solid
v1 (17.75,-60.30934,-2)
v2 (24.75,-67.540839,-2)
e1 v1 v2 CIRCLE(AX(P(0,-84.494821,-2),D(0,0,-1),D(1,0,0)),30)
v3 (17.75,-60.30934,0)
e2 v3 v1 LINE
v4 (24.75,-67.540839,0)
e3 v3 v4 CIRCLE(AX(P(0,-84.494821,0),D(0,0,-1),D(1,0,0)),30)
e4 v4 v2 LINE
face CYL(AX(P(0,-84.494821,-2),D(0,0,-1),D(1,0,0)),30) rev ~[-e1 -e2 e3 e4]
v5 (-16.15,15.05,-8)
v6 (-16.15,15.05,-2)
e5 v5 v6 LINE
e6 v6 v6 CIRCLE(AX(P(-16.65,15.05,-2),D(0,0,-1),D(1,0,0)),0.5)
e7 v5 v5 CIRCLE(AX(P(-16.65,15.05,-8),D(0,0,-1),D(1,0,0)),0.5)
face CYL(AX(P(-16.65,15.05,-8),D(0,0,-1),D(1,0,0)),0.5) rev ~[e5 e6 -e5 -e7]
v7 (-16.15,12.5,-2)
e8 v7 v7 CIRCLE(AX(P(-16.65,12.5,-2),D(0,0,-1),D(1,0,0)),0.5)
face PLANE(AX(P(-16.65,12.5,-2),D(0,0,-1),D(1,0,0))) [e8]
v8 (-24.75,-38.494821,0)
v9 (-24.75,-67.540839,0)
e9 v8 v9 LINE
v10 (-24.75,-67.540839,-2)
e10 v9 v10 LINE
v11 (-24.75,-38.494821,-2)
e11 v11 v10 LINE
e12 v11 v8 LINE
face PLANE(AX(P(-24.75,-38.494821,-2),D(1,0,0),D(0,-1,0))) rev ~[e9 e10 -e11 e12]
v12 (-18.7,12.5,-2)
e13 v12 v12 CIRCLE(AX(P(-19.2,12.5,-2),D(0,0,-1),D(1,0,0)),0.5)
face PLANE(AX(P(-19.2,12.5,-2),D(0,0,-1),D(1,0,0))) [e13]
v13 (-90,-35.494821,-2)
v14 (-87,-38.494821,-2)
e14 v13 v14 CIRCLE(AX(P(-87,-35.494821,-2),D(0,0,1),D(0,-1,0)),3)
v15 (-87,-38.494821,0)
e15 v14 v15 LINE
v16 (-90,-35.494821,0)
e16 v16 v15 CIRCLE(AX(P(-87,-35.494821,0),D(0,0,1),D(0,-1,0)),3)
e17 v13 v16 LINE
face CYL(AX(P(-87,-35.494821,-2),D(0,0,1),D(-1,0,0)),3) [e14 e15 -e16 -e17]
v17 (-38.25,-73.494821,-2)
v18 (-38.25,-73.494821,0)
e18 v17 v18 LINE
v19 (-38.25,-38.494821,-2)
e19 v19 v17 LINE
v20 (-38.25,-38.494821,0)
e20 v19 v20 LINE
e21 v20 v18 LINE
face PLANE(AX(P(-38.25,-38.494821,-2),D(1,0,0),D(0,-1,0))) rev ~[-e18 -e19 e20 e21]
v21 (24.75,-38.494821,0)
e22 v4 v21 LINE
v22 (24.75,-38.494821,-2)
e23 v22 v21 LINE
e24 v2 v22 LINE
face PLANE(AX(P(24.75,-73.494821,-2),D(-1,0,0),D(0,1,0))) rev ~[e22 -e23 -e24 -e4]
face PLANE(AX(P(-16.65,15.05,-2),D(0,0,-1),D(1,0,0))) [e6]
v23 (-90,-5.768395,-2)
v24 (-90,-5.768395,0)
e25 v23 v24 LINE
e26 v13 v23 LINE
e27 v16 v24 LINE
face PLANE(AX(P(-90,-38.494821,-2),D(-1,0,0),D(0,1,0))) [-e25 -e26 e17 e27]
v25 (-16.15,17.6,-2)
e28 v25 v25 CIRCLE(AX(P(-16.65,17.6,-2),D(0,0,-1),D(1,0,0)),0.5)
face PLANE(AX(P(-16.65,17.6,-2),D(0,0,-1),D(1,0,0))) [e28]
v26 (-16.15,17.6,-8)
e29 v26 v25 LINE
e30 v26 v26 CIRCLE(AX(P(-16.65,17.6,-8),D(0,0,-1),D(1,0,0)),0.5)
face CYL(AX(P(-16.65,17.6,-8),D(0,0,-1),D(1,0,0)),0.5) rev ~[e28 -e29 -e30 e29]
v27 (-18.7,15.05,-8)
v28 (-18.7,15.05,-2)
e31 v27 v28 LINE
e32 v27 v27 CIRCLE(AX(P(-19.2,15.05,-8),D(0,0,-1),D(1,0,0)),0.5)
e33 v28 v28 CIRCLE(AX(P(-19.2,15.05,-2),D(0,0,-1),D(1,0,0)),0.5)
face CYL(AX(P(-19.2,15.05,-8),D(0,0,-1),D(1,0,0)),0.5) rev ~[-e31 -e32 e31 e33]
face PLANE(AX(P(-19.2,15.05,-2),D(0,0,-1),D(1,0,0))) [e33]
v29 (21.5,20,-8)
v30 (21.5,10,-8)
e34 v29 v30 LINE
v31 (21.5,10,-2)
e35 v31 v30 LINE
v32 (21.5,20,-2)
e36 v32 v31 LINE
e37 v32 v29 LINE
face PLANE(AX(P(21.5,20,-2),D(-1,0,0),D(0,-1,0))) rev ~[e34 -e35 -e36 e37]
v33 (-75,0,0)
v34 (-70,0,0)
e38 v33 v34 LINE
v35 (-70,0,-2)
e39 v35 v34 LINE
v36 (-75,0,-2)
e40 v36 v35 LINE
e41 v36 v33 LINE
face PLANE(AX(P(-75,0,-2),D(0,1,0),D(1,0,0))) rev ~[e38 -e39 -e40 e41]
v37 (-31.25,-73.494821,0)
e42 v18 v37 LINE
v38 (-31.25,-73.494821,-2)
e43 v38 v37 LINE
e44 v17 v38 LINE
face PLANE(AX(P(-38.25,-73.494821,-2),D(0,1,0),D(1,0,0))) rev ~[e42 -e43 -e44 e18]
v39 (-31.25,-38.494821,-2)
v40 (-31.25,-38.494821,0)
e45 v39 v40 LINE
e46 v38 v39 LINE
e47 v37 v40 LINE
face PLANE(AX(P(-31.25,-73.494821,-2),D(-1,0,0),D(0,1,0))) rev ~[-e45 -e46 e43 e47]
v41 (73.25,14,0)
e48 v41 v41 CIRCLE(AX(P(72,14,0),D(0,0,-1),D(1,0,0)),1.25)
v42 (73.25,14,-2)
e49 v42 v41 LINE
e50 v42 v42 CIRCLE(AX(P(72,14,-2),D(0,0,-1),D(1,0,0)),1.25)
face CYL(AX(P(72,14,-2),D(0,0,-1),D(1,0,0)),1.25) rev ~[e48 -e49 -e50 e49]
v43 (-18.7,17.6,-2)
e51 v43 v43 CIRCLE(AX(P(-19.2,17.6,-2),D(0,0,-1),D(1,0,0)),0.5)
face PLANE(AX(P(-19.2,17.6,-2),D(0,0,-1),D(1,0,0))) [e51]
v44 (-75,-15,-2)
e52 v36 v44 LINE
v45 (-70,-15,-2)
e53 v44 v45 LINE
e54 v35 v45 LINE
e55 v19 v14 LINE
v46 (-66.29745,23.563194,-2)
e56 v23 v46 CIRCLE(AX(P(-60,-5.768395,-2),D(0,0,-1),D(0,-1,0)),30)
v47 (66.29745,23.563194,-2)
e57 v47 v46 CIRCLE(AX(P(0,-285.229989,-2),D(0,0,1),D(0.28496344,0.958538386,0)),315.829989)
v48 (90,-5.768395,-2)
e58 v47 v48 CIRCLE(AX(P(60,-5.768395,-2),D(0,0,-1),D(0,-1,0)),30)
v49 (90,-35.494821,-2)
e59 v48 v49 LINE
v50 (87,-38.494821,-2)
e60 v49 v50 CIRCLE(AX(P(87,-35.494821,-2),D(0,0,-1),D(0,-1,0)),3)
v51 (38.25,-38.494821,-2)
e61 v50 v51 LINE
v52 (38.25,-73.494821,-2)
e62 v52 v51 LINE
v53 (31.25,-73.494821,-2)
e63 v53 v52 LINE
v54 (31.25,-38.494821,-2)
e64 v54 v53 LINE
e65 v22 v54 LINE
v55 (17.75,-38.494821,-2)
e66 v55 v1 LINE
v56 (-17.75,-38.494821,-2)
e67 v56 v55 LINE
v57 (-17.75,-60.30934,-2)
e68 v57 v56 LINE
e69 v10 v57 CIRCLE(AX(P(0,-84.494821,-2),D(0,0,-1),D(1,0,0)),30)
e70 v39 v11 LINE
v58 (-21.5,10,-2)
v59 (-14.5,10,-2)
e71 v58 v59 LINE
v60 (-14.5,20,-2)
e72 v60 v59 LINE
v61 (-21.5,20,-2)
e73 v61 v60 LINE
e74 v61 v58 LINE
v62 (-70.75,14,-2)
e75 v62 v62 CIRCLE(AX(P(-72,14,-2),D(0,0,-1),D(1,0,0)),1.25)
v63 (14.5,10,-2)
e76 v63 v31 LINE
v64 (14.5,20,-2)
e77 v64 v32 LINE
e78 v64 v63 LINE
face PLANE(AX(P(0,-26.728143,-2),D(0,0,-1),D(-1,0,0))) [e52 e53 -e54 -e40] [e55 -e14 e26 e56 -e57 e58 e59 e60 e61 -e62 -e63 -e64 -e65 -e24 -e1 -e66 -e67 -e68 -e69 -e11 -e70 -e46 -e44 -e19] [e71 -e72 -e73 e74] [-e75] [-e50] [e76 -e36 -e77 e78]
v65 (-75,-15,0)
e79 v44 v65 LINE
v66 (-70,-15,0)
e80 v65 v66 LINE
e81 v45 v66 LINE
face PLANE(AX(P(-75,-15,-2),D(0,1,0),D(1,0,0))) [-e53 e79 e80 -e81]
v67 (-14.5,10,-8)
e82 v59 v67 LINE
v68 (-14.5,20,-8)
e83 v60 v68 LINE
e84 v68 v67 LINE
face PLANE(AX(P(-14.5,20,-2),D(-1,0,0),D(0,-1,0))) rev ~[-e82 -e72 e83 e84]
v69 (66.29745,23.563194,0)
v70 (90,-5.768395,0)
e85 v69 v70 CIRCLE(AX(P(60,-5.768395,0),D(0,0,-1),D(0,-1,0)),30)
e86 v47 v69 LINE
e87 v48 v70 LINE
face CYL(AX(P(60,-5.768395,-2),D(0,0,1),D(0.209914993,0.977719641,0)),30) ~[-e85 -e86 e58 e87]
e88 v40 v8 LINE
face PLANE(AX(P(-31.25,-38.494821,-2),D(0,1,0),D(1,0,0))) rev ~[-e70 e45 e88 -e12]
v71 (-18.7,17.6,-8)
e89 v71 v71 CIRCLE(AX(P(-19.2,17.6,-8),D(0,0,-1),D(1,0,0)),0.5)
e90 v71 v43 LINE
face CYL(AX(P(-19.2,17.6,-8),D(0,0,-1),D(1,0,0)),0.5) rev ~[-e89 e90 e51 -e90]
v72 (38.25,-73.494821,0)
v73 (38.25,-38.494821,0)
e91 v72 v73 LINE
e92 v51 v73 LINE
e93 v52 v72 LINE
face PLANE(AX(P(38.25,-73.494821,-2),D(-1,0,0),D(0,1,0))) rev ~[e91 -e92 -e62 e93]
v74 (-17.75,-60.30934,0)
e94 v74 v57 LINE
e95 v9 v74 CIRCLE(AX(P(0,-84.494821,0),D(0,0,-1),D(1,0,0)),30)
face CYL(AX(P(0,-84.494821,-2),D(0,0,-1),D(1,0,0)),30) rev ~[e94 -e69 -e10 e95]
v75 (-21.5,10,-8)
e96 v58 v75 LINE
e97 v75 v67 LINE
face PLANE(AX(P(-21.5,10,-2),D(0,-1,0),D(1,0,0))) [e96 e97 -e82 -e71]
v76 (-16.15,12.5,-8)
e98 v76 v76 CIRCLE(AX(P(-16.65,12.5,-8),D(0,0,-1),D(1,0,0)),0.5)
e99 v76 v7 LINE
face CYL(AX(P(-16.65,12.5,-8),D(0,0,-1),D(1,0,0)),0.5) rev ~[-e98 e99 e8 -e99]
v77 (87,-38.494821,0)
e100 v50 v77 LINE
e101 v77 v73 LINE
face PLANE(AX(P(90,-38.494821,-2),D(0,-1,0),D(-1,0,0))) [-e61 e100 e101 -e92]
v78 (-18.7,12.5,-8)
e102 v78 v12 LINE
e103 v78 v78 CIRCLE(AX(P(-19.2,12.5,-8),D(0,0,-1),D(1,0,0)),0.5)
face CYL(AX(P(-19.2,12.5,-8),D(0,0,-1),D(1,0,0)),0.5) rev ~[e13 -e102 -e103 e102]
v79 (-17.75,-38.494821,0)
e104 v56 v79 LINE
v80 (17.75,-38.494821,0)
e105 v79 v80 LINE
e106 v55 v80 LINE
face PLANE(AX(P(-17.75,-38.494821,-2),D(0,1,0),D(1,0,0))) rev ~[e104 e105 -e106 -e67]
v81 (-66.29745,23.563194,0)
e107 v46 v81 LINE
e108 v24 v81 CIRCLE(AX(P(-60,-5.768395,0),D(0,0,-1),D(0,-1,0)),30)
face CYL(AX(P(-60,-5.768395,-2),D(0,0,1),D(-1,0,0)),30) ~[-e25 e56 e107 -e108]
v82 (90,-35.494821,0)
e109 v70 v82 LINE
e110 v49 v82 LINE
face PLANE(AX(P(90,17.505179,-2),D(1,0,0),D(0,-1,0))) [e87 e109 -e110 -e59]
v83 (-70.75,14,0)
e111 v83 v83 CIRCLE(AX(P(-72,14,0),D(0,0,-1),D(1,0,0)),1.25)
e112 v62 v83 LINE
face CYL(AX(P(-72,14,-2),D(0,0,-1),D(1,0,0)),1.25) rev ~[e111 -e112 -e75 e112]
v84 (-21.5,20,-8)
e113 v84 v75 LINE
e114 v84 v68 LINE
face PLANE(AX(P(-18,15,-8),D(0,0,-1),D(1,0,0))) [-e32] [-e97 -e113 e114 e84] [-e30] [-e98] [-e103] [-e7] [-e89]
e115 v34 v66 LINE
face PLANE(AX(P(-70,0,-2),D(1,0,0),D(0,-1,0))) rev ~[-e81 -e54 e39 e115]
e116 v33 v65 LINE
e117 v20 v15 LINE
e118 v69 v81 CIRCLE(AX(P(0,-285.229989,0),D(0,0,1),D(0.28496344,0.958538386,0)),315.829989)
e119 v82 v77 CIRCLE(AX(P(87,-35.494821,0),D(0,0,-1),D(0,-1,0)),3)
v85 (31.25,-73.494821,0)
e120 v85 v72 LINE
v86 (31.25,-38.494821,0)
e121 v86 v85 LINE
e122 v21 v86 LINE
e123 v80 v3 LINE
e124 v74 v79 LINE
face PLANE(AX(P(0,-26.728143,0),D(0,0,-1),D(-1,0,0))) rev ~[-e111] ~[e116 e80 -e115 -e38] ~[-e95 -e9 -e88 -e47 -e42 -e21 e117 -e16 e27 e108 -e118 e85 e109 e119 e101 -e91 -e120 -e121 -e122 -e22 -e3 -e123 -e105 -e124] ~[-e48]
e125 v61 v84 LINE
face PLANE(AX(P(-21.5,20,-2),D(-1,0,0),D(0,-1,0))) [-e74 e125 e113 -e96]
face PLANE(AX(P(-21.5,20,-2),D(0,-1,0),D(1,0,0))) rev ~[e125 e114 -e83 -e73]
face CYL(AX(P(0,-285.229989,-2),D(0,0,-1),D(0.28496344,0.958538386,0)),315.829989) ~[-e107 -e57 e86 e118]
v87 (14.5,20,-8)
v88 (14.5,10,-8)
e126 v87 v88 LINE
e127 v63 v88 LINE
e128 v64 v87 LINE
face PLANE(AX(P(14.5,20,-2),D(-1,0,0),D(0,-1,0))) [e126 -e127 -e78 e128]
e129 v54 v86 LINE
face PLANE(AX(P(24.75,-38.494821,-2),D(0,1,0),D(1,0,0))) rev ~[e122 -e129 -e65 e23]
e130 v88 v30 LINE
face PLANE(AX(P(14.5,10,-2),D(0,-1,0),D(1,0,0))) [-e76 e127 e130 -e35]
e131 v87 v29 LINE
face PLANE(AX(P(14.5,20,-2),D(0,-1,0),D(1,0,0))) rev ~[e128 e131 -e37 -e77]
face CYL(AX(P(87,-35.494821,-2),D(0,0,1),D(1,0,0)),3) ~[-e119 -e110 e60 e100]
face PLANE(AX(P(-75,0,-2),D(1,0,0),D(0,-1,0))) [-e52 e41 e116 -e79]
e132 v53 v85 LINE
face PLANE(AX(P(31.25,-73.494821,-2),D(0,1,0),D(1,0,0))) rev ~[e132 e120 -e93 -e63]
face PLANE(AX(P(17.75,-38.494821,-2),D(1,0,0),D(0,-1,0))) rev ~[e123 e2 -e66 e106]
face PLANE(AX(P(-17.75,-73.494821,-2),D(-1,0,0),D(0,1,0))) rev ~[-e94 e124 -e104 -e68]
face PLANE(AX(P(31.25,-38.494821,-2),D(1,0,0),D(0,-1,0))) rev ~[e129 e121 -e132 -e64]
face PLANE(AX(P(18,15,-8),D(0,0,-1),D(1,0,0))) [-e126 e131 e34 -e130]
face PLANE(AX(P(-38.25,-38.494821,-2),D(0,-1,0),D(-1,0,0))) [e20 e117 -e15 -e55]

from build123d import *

# Parameters (mm, degrees)
PAD019_DEPTH    = 2
FILLET016_R     = 30
SKETCH039_R     = 1.25
POCKET019_DEPTH = 2.001
FILLET017_R     = 3
SKETCH041_W     = 5
SKETCH041_H     = 15
POCKET020_DEPTH = 5
SKETCH042_W     = 7
SKETCH042_H     = 10
PAD020_DEPTH    = 6
SKETCH044_R     = 0.5
POCKET021_DEPTH = 6
SKETCH045_R     = 30
POCKET022_DEPTH = 7


with BuildPart() as part:
    # Sketch038 → Pad019 (new body)
    with BuildSketch(Plane.XY):
        with BuildLine():
            Line((-90, -38.494821), (-90, 17.505179))
            ThreePointArc((90, 17.505179), (0, 30.6), (-90, 17.505179))
            Line((90, 17.505179), (90, -38.494821))
            Line((90, -38.494821), (38.25, -38.494821))
            Line((38.25, -73.494821), (38.25, -38.494821))
            Line((31.25, -73.494821), (38.25, -73.494821))
            Line((31.25, -38.494821), (31.25, -73.494821))
            Line((24.75, -38.494821), (31.25, -38.494821))
            Line((24.75, -73.494821), (24.75, -38.494821))
            Line((17.75, -73.494821), (24.75, -73.494821))
            Line((17.75, -38.494821), (17.75, -73.494821))
            Line((-17.75, -38.494821), (17.75, -38.494821))
            Line((-17.75, -73.494821), (-17.75, -38.494821))
            Line((-24.75, -73.494821), (-17.75, -73.494821))
            Line((-24.75, -38.494821), (-24.75, -73.494821))
            Line((-31.25, -38.494821), (-24.75, -38.494821))
            Line((-31.25, -73.494821), (-31.25, -38.494821))
            Line((-38.25, -73.494821), (-31.25, -73.494821))
            Line((-38.25, -38.494821), (-38.25, -73.494821))
            Line((-38.25, -38.494821), (-90, -38.494821))
        make_face()
    extrude(amount=PAD019_DEPTH)

    # Fillet016
    fillet016_edges = [part.edges().sort_by_distance(p)[0] for p in [
        (90, 17.505179, 1),
        (-90, 17.505179, 1),
    ]]
    fillet(fillet016_edges, radius=FILLET016_R)

    # Sketch039 (on Face2 of Fillet016) → Pocket019 (cut, through all)
    with BuildSketch(Plane(origin=(0, 0, 0), x_dir=(1, 0, 0), z_dir=(0, 0, -1))):
        with Locations((-72, -14)):
            Circle(SKETCH039_R)
        with Locations((72, -14)):
            Circle(SKETCH039_R)
    extrude(amount=-POCKET019_DEPTH, mode=Mode.SUBTRACT)

    # Fillet017
    fillet017_edges = [part.edges().sort_by_distance(p)[0] for p in [
        (-90, -38.494821, 1),
        (90, -38.494821, 1),
    ]]
    fillet(fillet017_edges, radius=FILLET017_R)

    # Sketch041 (on Face2 of Fillet017) → Pocket020 (cut)
    with BuildSketch(Plane(origin=(0, 0, 0), x_dir=(1, 0, 0), z_dir=(0, 0, -1))):
        with Locations((-72.5, 7.5)):
            Rectangle(SKETCH041_W, SKETCH041_H)
    extrude(amount=-POCKET020_DEPTH, mode=Mode.SUBTRACT)

    # Sketch042 (on Face2 of Pocket020) → Pad020 (join)
    with BuildSketch(Plane(origin=(0, 0, 0), x_dir=(1, 0, 0), z_dir=(0, 0, -1))):
        with Locations((18, -15)):
            Rectangle(SKETCH042_W, SKETCH042_H)
        with Locations((-18, -15)):
            Rectangle(SKETCH042_W, SKETCH042_H)
    extrude(amount=PAD020_DEPTH)

    # Sketch044 (on Face42 of Pad020) → Pocket021 (cut)
    with BuildSketch(Plane(origin=(0, 0, -6), x_dir=(1, 0, 0), z_dir=(0, 0, -1))):
        with Locations((-19.2, -12.5)):
            Circle(SKETCH044_R)
        with Locations((-16.65, -12.5)):
            Circle(SKETCH044_R)
        with Locations((-19.2, -15.05)):
            Circle(SKETCH044_R)
        with Locations((-16.65, -15.05)):
            Circle(SKETCH044_R)
        with Locations((-19.2, -17.6)):
            Circle(SKETCH044_R)
        with Locations((-16.65, -17.6)):
            Circle(SKETCH044_R)
    extrude(amount=-POCKET021_DEPTH, mode=Mode.SUBTRACT)

    # Sketch045 (on Face2 of Pocket021) → Pocket022 (cut)
    with BuildSketch(Plane(origin=(0, 0, 0), x_dir=(1, 0, 0), z_dir=(0, 0, -1))):
        with Locations((0, 84.494821)):
            Circle(SKETCH045_R)
    extrude(amount=-POCKET022_DEPTH, mode=Mode.SUBTRACT)


with BuildPart() as part_1:
    # Body014 placement: moved
    add(part.part.moved(Location((0, 0, -2))))


solid = part_1.part
